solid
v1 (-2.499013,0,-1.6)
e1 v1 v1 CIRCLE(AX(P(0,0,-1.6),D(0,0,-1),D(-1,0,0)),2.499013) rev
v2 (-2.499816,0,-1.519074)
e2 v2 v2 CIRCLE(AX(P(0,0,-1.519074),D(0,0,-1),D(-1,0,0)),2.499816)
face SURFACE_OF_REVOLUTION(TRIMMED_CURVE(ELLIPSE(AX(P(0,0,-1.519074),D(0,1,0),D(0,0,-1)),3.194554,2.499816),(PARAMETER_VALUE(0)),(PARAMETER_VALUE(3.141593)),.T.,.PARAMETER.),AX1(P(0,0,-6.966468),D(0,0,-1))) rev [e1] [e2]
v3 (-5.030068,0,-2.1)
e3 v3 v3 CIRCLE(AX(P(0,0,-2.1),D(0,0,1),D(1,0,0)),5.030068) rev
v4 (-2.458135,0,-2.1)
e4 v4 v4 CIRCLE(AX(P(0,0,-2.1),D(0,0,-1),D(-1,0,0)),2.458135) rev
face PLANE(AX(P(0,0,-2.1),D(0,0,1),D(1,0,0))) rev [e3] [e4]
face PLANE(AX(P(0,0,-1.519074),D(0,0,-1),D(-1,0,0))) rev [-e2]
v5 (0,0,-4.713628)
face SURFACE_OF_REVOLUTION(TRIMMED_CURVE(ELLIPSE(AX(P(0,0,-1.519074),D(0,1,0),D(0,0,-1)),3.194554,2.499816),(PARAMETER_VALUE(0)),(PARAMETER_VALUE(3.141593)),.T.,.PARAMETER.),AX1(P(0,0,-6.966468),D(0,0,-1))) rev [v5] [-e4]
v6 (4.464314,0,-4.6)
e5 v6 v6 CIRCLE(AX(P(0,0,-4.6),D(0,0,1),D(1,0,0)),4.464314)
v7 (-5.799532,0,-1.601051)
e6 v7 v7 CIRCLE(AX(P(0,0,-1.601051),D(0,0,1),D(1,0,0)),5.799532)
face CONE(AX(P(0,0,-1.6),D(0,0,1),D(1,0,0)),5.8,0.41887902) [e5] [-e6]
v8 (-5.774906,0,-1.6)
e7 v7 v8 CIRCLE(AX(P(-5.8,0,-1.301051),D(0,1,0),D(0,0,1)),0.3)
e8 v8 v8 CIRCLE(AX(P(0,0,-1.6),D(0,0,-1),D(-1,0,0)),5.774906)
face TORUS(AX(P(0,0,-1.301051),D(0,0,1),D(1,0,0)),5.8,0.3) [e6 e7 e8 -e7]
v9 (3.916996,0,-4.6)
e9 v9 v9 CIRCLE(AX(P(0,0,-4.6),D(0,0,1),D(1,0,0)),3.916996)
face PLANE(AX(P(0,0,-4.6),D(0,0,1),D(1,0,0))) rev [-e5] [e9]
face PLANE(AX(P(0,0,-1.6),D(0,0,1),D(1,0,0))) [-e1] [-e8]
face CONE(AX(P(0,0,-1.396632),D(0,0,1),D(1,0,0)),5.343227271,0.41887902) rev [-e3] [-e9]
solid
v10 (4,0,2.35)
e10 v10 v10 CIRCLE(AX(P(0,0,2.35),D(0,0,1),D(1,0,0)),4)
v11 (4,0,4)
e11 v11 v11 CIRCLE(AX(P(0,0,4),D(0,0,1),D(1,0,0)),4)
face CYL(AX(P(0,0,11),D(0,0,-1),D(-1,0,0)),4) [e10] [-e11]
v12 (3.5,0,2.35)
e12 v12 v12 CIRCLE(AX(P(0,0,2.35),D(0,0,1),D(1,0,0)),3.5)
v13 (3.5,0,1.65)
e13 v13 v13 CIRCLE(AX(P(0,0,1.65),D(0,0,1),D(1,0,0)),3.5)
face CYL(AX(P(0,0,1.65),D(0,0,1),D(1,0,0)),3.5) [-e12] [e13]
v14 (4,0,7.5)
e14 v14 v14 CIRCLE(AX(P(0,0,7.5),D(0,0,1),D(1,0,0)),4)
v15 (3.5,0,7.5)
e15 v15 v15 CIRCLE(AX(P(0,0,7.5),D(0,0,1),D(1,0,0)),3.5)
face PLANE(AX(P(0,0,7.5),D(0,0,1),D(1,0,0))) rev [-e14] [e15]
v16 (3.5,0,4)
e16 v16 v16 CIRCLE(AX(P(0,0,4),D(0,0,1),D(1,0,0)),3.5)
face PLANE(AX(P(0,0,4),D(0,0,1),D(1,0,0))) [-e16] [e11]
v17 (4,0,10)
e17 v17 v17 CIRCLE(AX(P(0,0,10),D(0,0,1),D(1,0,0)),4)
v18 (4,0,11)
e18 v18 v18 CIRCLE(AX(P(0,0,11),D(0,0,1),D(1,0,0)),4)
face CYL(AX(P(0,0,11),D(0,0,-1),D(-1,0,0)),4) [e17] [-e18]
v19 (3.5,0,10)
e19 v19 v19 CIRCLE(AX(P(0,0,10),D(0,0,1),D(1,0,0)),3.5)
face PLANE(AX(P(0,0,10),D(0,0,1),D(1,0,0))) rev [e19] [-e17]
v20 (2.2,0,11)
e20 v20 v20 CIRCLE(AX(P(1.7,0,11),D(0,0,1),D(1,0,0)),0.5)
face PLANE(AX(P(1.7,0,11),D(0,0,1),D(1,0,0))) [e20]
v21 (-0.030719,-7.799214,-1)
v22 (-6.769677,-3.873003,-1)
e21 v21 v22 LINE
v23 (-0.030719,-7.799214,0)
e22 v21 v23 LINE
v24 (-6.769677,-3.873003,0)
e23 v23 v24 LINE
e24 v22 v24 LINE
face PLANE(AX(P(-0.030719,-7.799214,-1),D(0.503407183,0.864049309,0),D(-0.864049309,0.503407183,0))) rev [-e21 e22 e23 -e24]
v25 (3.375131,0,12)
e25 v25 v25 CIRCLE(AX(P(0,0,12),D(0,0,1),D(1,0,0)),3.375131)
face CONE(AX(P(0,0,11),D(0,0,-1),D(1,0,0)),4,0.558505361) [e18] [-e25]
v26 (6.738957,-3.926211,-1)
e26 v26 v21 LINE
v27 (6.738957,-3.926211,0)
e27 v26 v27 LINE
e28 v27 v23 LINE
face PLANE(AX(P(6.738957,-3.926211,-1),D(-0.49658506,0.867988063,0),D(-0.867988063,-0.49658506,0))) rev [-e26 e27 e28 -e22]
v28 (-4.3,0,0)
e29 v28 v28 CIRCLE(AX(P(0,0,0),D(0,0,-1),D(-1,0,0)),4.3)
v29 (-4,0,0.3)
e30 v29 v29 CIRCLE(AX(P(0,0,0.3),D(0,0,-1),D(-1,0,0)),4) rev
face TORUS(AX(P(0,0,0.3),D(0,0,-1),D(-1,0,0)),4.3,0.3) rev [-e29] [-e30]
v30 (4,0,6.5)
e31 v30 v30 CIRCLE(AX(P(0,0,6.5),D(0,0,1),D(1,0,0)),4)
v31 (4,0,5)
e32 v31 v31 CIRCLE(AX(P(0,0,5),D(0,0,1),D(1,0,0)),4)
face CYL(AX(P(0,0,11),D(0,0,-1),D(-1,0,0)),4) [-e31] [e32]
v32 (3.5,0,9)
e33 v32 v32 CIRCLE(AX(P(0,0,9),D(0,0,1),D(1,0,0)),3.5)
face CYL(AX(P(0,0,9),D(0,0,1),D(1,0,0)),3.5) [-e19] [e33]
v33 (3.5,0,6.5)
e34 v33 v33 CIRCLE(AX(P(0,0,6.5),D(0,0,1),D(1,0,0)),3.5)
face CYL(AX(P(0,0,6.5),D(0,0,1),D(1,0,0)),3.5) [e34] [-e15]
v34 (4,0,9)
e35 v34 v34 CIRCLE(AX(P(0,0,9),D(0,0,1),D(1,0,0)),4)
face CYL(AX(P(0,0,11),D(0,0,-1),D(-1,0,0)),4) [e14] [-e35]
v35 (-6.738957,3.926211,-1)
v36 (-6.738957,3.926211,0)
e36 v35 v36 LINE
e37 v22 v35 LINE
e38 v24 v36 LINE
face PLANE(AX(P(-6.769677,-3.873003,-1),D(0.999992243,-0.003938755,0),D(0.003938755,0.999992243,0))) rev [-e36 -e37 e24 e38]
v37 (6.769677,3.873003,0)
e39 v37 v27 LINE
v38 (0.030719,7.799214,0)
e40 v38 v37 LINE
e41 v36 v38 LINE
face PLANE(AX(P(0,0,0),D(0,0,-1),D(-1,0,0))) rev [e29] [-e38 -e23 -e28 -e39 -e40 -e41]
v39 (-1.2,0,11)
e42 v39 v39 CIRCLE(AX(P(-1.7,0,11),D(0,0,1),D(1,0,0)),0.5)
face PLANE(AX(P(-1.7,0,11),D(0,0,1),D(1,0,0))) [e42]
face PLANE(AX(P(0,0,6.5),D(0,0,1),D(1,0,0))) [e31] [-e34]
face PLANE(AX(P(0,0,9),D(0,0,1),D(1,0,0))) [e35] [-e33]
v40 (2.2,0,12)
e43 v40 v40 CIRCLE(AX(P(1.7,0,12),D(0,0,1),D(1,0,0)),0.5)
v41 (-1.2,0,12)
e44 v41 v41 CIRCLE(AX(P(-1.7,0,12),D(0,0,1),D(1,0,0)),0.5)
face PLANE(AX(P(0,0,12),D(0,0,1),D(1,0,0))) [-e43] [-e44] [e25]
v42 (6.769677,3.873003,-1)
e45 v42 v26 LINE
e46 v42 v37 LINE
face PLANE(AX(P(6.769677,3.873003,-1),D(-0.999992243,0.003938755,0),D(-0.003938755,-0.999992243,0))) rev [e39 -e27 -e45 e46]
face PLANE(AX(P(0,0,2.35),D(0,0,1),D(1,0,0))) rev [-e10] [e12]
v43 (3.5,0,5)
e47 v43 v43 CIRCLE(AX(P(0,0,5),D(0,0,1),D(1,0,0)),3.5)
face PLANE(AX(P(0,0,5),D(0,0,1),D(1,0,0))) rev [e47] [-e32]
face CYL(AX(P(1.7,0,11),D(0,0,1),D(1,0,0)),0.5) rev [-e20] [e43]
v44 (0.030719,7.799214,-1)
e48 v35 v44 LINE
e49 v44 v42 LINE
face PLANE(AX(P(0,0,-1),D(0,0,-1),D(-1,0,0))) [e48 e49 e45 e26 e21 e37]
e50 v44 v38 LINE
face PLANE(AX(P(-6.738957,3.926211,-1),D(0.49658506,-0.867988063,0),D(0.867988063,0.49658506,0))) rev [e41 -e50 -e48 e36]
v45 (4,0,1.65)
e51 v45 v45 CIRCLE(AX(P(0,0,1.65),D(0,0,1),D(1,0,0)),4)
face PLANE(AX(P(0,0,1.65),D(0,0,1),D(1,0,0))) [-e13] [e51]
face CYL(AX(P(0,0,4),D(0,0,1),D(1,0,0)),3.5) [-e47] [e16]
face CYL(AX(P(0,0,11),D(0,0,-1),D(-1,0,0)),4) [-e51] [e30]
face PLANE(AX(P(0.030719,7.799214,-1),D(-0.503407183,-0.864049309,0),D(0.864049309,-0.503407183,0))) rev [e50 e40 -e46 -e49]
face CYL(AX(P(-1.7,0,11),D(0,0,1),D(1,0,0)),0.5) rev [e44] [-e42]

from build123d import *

# Parameters (mm, degrees)
SKETCH1_R           = 4
BOSS_EXTRUDE1_DEPTH = 11
SKETCH9_R           = 4
SKETCH9_R_2         = 3.5
CUT_EXTRUDE6_DEPTH  = 0.35
SKETCH10_R          = 4
SKETCH10_R_2        = 3.5
CUT_EXTRUDE7_DEPTH  = 0.5
SKETCH11_R          = 4
SKETCH11_R_2        = 3.5
CUT_EXTRUDE8_DEPTH  = 0.5
SKETCH12_R          = 4
SKETCH12_R_2        = 3.5
CUT_EXTRUDE9_DEPTH  = 0.5
BOSS_EXTRUDE5_DEPTH = 1
FILLET2_R           = 0.3
SKETCH21_R          = 0.3
SKETCH26_R          = 5.8
BOSS_EXTRUDE6_DEPTH = 3
BOSS_EXTRUDE6_DRAFT = -24
SKETCH27_R          = 4
BOSS_EXTRUDE7_DEPTH = 1
BOSS_EXTRUDE7_TAPER = 32
SHELL1_T            = -0.5
SKETCH29_R          = 0.5
CUT_EXTRUDE11_DEPTH = 1


with BuildPart() as part:
    # Sketch1 → Boss-Extrude1 (new body)
    with BuildSketch(Plane.XY):
        Circle(SKETCH1_R)
    extrude(amount=BOSS_EXTRUDE1_DEPTH)

    # Sketch9 → Cut-Extrude6 (cut, symmetric)
    with BuildSketch(Plane.XY.offset(2)):
        Circle(SKETCH9_R)
        Circle(SKETCH9_R_2, mode=Mode.SUBTRACT)
    extrude(amount=CUT_EXTRUDE6_DEPTH, both=True, mode=Mode.SUBTRACT)

    # Sketch10 → Cut-Extrude7 (cut, symmetric)
    with BuildSketch(Plane.XY.offset(4.5)):
        Circle(SKETCH10_R)
        Circle(SKETCH10_R_2, mode=Mode.SUBTRACT)
    extrude(amount=CUT_EXTRUDE7_DEPTH, both=True, mode=Mode.SUBTRACT)

    # Sketch11 → Cut-Extrude8 (cut, symmetric)
    with BuildSketch(Plane.XY.offset(7)):
        Circle(SKETCH11_R)
        Circle(SKETCH11_R_2, mode=Mode.SUBTRACT)
    extrude(amount=CUT_EXTRUDE8_DEPTH, both=True, mode=Mode.SUBTRACT)

    # Sketch12 → Cut-Extrude9 (cut, symmetric)
    with BuildSketch(Plane.XY.offset(9.5)):
        Circle(SKETCH12_R)
        Circle(SKETCH12_R_2, mode=Mode.SUBTRACT)
    extrude(amount=CUT_EXTRUDE9_DEPTH, both=True, mode=Mode.SUBTRACT)

    # Sketch15 → Boss-Extrude5 (add)
    with BuildSketch(Plane(origin=(0, 0, 0), x_dir=(-1, 0, 0), z_dir=(0, 0, -1))):
        Polygon((6.738957478, 3.926210652), (-0.030719426, 7.799213697), (-6.769676904, 3.873003045), (-6.738957478, -3.926210652), (0.030719426, -7.799213697), (6.769676904, -3.873003045), align=None)
    extrude(amount=BOSS_EXTRUDE5_DEPTH)

    # Fillet2
    fillet2_edges = [part.edges().sort_by_distance(p)[0] for p in [
        (-4, 0, 0),
    ]]
    fillet(fillet2_edges, radius=FILLET2_R)

    # Sketch27 → Boss-Extrude7 (add)
    with BuildSketch(Plane.XY.offset(11)):
        Circle(SKETCH27_R)
    extrude(amount=BOSS_EXTRUDE7_DEPTH, taper=BOSS_EXTRUDE7_TAPER)

    # Sketch29 → Cut-Extrude11 (cut)
    with BuildSketch(Plane.XY.offset(12)):
        with Locations((-1.7, 0)):
            Circle(SKETCH29_R)
        with Locations((1.7, 0)):
            Circle(SKETCH29_R)
    extrude(amount=-CUT_EXTRUDE11_DEPTH, mode=Mode.SUBTRACT)


with BuildPart() as body_2:
    # Sweep2: sweep along a path in Sketch25
    with BuildLine(Plane.XY.offset(-1.3)) as sweep2_path:
        CenterArc((0, 0), 5.8, 0, 360)
    # Sketch21 → Sweep2 (sweep)
    with BuildSketch(Plane(origin=(0, 0, 0), x_dir=(1, 0, 0), z_dir=(0, 1, 0))):
        with Locations((-5.8, 1.301051392)):
            Circle(SKETCH21_R)
    sweep(path=sweep2_path.line)


with BuildPart() as boss_extrude6_tool:
    # Sketch26 → Boss-Extrude6 (with draft: the straight prism first)
    with BuildSketch(Plane.XY.offset(-1.6)):
        Circle(SKETCH26_R)
    extrude(amount=-BOSS_EXTRUDE6_DEPTH)
    # Boss-Extrude6: the draft: its side faces are tilted about the plane it starts from
    boss_extrude6_sides = [boss_extrude6_tool.faces().sort_by_distance(p)[0] for p in [
        (-5.8, 0, -3.1),
    ]]
    draft(boss_extrude6_sides, Plane.XY.offset(-1.6), BOSS_EXTRUDE6_DRAFT)


with BuildPart() as body_2_1:
    add(body_2.part)

    # Boss-Extrude6: add boss_extrude6_tool
    add(boss_extrude6_tool.part)

    # Shell1
    shell1_openings = [body_2_1.faces().sort_by_distance(p)[0] for p in [
        (0, 0, -4.6),
    ]]
    offset(amount=SHELL1_T, openings=shell1_openings, kind=Kind.INTERSECTION)

    # Sketch28 → Revolve2 (revolve)
    with BuildSketch(Plane(origin=(0, 0, 0), x_dir=(1, 0, 0), z_dir=(0, 1, 0))):
        with BuildLine():
            Line((0, 1.519073709), (0, 4.713628159))
            add(Edge.make_bspline(
                [(0, 4.713628159), (-2.499815532, 4.713628159), (-2.499815532, 1.519073709)],
                knots=[0, 0, 0, 1.570796327, 1.570796327, 1.570796327], degree=2, weights=[1, 0.707106781, 1]))
            Line((-2.499815532, 1.519073709), (0, 1.519073709))
        make_face()
    revolve(axis=Axis((0, 0, -6.966468364), (0, 0, 1)))


solid = Compound([part.part, body_2_1.part])
